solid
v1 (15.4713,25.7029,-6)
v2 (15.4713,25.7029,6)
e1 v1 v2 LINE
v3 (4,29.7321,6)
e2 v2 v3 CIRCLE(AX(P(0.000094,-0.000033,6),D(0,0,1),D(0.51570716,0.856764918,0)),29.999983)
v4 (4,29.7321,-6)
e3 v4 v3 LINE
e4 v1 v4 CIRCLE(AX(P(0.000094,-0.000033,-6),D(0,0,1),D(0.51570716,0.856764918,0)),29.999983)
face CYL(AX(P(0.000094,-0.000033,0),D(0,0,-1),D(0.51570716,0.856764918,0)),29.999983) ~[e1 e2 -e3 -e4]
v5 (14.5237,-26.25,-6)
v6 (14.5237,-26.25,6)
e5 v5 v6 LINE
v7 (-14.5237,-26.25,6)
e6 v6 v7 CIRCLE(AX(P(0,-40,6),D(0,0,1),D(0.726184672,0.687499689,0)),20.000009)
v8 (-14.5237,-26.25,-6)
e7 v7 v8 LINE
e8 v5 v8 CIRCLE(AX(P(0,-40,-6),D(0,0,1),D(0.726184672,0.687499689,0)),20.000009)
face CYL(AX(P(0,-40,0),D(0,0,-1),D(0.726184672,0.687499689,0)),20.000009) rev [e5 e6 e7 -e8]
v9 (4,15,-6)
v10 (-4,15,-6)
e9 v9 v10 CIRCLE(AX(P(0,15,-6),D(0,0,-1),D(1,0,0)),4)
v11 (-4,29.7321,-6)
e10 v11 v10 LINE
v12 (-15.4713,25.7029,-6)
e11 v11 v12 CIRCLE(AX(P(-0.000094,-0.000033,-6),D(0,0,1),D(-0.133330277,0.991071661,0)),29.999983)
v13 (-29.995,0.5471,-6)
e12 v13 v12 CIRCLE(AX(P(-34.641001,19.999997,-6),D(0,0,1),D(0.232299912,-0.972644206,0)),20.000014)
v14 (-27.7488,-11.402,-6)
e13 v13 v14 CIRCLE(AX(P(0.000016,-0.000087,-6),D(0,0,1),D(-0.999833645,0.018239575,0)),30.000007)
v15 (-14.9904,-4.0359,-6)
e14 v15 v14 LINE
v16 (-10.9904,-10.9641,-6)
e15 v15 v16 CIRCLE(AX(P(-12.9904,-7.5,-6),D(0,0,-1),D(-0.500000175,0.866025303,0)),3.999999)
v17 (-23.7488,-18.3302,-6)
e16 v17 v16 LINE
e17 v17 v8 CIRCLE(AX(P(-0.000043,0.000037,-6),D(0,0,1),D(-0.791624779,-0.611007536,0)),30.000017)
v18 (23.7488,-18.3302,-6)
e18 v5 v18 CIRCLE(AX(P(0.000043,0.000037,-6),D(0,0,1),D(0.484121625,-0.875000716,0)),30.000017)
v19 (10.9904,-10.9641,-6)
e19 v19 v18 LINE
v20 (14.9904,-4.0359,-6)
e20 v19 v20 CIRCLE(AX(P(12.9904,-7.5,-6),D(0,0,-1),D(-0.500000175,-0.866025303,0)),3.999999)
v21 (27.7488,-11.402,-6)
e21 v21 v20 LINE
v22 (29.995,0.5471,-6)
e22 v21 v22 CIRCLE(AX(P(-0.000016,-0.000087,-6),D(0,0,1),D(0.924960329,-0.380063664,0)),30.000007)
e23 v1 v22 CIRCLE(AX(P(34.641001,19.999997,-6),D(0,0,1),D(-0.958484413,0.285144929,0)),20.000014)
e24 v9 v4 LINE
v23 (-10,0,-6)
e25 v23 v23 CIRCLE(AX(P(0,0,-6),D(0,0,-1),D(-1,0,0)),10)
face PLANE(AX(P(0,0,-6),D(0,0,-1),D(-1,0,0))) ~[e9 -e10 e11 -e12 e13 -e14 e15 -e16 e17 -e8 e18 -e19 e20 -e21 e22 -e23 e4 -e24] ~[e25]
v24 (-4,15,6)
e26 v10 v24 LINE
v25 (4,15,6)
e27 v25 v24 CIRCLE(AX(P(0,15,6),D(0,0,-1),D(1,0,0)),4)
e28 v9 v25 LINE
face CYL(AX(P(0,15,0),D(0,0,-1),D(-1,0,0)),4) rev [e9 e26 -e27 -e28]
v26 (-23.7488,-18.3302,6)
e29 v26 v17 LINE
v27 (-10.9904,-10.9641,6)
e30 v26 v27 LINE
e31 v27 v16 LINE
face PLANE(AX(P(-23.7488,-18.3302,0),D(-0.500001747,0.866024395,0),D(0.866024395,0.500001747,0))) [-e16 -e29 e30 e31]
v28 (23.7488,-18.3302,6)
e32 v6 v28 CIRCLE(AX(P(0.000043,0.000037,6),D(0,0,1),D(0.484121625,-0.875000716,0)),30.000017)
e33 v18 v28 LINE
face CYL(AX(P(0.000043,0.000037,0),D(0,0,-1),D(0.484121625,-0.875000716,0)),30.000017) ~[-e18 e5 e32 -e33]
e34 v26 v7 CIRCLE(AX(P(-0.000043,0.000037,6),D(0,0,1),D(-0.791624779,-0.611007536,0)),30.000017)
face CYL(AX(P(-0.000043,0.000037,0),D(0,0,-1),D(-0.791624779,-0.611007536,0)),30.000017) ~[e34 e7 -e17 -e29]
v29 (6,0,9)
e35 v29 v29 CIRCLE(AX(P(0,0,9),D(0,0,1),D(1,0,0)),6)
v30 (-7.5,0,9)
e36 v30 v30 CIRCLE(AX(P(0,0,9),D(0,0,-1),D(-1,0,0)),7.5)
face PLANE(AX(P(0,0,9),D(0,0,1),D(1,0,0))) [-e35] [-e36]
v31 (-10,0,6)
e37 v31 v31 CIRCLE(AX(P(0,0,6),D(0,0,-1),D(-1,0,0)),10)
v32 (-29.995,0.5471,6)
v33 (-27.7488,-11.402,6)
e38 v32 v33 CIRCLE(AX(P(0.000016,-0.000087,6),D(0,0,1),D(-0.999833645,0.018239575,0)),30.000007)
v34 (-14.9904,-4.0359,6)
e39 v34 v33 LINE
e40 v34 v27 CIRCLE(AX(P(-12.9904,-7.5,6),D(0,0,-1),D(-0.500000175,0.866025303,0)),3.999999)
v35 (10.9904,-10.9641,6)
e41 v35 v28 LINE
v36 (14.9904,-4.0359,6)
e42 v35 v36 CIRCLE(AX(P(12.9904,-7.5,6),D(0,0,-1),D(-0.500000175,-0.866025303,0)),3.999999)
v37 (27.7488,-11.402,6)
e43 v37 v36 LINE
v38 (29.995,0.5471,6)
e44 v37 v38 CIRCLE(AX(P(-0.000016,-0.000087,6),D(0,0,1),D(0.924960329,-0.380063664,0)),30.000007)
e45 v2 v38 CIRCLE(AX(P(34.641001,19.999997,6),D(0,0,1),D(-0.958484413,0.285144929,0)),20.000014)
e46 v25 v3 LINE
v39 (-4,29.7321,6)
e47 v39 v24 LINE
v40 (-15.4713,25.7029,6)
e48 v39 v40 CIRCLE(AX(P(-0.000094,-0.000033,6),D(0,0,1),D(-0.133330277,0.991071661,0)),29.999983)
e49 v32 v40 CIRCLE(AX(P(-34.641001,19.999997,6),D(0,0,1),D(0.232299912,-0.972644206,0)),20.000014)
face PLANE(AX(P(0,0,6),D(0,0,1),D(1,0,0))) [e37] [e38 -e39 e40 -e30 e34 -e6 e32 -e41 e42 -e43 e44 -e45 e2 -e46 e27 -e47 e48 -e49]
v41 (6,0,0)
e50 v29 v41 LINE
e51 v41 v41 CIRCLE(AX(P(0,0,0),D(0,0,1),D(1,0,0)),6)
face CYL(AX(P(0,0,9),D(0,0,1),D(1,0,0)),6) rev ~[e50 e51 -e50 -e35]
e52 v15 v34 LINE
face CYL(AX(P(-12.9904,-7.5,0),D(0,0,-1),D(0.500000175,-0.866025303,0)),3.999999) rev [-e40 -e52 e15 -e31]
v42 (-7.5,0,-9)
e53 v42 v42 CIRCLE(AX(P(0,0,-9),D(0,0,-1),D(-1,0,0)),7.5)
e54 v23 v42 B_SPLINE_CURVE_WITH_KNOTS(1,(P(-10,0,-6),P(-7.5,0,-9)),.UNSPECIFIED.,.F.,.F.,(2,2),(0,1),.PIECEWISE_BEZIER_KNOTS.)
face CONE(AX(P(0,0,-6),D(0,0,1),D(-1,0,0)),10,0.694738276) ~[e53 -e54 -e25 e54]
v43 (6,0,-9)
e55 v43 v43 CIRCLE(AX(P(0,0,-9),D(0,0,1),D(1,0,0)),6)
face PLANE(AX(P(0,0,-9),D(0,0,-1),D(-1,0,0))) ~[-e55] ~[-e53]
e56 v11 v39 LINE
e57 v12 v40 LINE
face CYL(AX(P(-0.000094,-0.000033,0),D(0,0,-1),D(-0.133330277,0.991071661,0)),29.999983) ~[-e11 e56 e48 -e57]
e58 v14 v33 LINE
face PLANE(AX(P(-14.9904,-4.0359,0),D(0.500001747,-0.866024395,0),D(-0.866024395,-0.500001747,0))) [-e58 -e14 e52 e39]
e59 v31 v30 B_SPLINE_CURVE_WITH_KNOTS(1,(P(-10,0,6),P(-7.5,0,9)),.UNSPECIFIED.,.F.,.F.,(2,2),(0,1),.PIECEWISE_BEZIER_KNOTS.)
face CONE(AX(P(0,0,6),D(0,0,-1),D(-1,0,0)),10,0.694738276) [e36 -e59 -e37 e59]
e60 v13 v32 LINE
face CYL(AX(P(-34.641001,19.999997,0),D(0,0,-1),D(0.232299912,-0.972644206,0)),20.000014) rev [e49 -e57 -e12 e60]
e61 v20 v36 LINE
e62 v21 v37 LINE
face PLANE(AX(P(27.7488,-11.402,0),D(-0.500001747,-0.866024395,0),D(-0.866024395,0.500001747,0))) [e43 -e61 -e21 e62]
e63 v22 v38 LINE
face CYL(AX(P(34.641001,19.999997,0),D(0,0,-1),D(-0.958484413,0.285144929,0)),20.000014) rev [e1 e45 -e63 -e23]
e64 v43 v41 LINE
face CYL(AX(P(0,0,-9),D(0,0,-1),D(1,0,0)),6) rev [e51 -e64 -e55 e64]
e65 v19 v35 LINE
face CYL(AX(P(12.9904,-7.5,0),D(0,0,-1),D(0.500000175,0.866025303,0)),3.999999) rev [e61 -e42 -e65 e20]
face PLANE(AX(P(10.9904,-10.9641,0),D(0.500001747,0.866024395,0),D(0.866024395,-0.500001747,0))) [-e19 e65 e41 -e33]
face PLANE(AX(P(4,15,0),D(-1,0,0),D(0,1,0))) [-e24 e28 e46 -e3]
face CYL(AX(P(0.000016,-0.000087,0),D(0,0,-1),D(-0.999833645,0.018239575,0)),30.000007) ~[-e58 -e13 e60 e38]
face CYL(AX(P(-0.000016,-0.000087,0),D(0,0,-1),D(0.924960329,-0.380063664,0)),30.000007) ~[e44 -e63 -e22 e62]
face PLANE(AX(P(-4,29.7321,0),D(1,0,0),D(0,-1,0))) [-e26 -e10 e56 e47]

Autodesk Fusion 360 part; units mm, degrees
sketch "草图1" plane through (0, 0, 0) normal (0, 0, 1) x (1, 0, 0)
  line L0 (0, 100) -> (0, -123.0461) construction
  line L1 (-180, 0) -> (103.1908, 0) construction
  arc A0 (14.5237, -26.25) -> (-14.5237, -26.25) centre (0, -40) ccw
  line L2 (-4, 29.7321) -> (-4, 15)
  line L3 (4, 15) -> (4, 29.7321)
  arc A1 (-4, 15) -> (0, 11) centre (0, 15) ccw
  arc A2 (0, 11) -> (4, 15) centre (0, 15) ccw
  line L4 (-14.9904, -4.0359) -> (-27.7488, -11.402)
  line L5 (-23.7488, -18.3302) -> (-10.9904, -10.9641)
  arc A3 (-10.9904, -10.9641) -> (-9.5263, -5.5) centre (-12.9904, -7.5) ccw
  arc A4 (-9.5263, -5.5) -> (-14.9904, -4.0359) centre (-12.9904, -7.5) ccw
  arc A5 (15.4713, 25.7029) -> (29.995, 0.5471) centre (34.641, 20) ccw
  line L6 (10.9904, -10.9641) -> (23.7488, -18.3302)
  line L7 (27.7488, -11.402) -> (14.9904, -4.0359)
  arc A6 (14.9904, -4.0359) -> (9.5263, -5.5) centre (12.9904, -7.5) ccw
  arc A7 (9.5263, -5.5) -> (10.9904, -10.9641) centre (12.9904, -7.5) ccw
  arc A8 (-29.995, 0.5471) -> (-15.4713, 25.7029) centre (-34.641, 20) ccw
  arc A9 (15.4713, 25.7029) -> (4, 29.7321) centre (0, 0) ccw
  arc A10 (-4, 29.7321) -> (-15.4713, 25.7029) centre (0, 0) ccw
  arc A11 (27.7488, -11.402) -> (29.995, 0.5471) centre (0, 0) ccw
  arc A12 (14.5237, -26.25) -> (23.7488, -18.3302) centre (0, 0) ccw
  arc A13 (-29.995, 0.5471) -> (-27.7488, -11.402) centre (0, 0) ccw
  arc A14 (-23.7488, -18.3302) -> (-14.5237, -26.25) centre (0, 0) ccw
  circle A15 centre (0, 0) radius 7.5
  circle A16 centre (0, 0) radius 10
  point P0 (-4, 11)
  point P1 (4, 11)
  dimension "d2" = 20
  dimension "d3" = 40
  dimension "d4" = 60
  dimension "d6" = 8
  dimension "d8" = 4
  dimension "d10" = 360
  dimension "d11" = 15
  dimension "d12" = 20
extrude "拉伸1" add sketch "草图1" along normal blind 6 contours A0 L2 L3 A1 A2 L4 L5 A3 A4 A5 L6 L7 A6 A7 A8 A9 A10 A11 A12 A13 A14
sketch "草图2" plane through (0, 0, 0) normal (0, 0, 1) x (1, 0, 0)
  circle A0 centre (0, 0) radius 10
ref_plane "工作平面1" through (0, 0, 9) normal (0, 0, 1) x (1, 0, 0)
sketch "草图3" plane through (0, 0, 9) normal (0, 0, 1) x (1, 0, 0)
  circle A0 centre (0, 0) radius 7.5
  circle A1 centre (0, 0) radius 6
  dimension "d16" = 15
  dimension "d17" = 12
extrude "拉伸2" add sketch "草图2" along normal blind 6
sketch "草图4" plane through (0, 0, 6) normal (0, 0, 1) x (-1, 0, 0)
  line L0 (10.9904, 10.9641) -> (23.7488, 18.3302)
  arc A0 (23.7488, 18.3302) -> (14.5237, 26.25) centre (0, 0) ccw
  arc A1 (-14.5237, 26.25) -> (14.5237, 26.25) centre (0, 40) ccw
  arc A2 (-14.5237, 26.25) -> (-23.7488, 18.3302) centre (0, 0) ccw
  line L1 (-23.7488, 18.3302) -> (-10.9904, 10.9641)
  arc A3 (-14.9904, 4.0359) -> (-10.9904, 10.9641) centre (-12.9904, 7.5) ccw
  line L2 (-14.9904, 4.0359) -> (-27.7488, 11.402)
  arc A4 (-27.7488, 11.402) -> (-29.995, -0.5471) centre (0, 0) ccw
  arc A5 (-15.4713, -25.7029) -> (-29.995, -0.5471) centre (-34.641, -20) ccw
  arc A6 (-15.4713, -25.7029) -> (-4, -29.7321) centre (0, 0) ccw
  line L3 (-4, -29.7321) -> (-4, -15)
  arc A7 (4, -15) -> (-4, -15) centre (0, -15) ccw
  line L4 (4, -15) -> (4, -29.7321)
  arc A8 (4, -29.7321) -> (15.4713, -25.7029) centre (0, 0) ccw
  arc A9 (29.995, -0.5471) -> (15.4713, -25.7029) centre (34.641, -20) ccw
  arc A10 (29.995, -0.5471) -> (27.7488, 11.402) centre (0, 0) ccw
  line L5 (27.7488, 11.402) -> (14.9904, 4.0359)
  arc A11 (10.9904, 10.9641) -> (14.9904, 4.0359) centre (12.9904, 7.5) ccw
  circle A12 centre (0, 0) radius 10
loft "放样1" add profiles "草图4", "草图3" section 1 contours A12 section 2
extrude "拉伸3" cut sketch "草图3" against normal blind 21 contours A1
mirror "镜像1" about plane through (0, 0, 0) normal (0, 0, 1) of bodies 1 merged
